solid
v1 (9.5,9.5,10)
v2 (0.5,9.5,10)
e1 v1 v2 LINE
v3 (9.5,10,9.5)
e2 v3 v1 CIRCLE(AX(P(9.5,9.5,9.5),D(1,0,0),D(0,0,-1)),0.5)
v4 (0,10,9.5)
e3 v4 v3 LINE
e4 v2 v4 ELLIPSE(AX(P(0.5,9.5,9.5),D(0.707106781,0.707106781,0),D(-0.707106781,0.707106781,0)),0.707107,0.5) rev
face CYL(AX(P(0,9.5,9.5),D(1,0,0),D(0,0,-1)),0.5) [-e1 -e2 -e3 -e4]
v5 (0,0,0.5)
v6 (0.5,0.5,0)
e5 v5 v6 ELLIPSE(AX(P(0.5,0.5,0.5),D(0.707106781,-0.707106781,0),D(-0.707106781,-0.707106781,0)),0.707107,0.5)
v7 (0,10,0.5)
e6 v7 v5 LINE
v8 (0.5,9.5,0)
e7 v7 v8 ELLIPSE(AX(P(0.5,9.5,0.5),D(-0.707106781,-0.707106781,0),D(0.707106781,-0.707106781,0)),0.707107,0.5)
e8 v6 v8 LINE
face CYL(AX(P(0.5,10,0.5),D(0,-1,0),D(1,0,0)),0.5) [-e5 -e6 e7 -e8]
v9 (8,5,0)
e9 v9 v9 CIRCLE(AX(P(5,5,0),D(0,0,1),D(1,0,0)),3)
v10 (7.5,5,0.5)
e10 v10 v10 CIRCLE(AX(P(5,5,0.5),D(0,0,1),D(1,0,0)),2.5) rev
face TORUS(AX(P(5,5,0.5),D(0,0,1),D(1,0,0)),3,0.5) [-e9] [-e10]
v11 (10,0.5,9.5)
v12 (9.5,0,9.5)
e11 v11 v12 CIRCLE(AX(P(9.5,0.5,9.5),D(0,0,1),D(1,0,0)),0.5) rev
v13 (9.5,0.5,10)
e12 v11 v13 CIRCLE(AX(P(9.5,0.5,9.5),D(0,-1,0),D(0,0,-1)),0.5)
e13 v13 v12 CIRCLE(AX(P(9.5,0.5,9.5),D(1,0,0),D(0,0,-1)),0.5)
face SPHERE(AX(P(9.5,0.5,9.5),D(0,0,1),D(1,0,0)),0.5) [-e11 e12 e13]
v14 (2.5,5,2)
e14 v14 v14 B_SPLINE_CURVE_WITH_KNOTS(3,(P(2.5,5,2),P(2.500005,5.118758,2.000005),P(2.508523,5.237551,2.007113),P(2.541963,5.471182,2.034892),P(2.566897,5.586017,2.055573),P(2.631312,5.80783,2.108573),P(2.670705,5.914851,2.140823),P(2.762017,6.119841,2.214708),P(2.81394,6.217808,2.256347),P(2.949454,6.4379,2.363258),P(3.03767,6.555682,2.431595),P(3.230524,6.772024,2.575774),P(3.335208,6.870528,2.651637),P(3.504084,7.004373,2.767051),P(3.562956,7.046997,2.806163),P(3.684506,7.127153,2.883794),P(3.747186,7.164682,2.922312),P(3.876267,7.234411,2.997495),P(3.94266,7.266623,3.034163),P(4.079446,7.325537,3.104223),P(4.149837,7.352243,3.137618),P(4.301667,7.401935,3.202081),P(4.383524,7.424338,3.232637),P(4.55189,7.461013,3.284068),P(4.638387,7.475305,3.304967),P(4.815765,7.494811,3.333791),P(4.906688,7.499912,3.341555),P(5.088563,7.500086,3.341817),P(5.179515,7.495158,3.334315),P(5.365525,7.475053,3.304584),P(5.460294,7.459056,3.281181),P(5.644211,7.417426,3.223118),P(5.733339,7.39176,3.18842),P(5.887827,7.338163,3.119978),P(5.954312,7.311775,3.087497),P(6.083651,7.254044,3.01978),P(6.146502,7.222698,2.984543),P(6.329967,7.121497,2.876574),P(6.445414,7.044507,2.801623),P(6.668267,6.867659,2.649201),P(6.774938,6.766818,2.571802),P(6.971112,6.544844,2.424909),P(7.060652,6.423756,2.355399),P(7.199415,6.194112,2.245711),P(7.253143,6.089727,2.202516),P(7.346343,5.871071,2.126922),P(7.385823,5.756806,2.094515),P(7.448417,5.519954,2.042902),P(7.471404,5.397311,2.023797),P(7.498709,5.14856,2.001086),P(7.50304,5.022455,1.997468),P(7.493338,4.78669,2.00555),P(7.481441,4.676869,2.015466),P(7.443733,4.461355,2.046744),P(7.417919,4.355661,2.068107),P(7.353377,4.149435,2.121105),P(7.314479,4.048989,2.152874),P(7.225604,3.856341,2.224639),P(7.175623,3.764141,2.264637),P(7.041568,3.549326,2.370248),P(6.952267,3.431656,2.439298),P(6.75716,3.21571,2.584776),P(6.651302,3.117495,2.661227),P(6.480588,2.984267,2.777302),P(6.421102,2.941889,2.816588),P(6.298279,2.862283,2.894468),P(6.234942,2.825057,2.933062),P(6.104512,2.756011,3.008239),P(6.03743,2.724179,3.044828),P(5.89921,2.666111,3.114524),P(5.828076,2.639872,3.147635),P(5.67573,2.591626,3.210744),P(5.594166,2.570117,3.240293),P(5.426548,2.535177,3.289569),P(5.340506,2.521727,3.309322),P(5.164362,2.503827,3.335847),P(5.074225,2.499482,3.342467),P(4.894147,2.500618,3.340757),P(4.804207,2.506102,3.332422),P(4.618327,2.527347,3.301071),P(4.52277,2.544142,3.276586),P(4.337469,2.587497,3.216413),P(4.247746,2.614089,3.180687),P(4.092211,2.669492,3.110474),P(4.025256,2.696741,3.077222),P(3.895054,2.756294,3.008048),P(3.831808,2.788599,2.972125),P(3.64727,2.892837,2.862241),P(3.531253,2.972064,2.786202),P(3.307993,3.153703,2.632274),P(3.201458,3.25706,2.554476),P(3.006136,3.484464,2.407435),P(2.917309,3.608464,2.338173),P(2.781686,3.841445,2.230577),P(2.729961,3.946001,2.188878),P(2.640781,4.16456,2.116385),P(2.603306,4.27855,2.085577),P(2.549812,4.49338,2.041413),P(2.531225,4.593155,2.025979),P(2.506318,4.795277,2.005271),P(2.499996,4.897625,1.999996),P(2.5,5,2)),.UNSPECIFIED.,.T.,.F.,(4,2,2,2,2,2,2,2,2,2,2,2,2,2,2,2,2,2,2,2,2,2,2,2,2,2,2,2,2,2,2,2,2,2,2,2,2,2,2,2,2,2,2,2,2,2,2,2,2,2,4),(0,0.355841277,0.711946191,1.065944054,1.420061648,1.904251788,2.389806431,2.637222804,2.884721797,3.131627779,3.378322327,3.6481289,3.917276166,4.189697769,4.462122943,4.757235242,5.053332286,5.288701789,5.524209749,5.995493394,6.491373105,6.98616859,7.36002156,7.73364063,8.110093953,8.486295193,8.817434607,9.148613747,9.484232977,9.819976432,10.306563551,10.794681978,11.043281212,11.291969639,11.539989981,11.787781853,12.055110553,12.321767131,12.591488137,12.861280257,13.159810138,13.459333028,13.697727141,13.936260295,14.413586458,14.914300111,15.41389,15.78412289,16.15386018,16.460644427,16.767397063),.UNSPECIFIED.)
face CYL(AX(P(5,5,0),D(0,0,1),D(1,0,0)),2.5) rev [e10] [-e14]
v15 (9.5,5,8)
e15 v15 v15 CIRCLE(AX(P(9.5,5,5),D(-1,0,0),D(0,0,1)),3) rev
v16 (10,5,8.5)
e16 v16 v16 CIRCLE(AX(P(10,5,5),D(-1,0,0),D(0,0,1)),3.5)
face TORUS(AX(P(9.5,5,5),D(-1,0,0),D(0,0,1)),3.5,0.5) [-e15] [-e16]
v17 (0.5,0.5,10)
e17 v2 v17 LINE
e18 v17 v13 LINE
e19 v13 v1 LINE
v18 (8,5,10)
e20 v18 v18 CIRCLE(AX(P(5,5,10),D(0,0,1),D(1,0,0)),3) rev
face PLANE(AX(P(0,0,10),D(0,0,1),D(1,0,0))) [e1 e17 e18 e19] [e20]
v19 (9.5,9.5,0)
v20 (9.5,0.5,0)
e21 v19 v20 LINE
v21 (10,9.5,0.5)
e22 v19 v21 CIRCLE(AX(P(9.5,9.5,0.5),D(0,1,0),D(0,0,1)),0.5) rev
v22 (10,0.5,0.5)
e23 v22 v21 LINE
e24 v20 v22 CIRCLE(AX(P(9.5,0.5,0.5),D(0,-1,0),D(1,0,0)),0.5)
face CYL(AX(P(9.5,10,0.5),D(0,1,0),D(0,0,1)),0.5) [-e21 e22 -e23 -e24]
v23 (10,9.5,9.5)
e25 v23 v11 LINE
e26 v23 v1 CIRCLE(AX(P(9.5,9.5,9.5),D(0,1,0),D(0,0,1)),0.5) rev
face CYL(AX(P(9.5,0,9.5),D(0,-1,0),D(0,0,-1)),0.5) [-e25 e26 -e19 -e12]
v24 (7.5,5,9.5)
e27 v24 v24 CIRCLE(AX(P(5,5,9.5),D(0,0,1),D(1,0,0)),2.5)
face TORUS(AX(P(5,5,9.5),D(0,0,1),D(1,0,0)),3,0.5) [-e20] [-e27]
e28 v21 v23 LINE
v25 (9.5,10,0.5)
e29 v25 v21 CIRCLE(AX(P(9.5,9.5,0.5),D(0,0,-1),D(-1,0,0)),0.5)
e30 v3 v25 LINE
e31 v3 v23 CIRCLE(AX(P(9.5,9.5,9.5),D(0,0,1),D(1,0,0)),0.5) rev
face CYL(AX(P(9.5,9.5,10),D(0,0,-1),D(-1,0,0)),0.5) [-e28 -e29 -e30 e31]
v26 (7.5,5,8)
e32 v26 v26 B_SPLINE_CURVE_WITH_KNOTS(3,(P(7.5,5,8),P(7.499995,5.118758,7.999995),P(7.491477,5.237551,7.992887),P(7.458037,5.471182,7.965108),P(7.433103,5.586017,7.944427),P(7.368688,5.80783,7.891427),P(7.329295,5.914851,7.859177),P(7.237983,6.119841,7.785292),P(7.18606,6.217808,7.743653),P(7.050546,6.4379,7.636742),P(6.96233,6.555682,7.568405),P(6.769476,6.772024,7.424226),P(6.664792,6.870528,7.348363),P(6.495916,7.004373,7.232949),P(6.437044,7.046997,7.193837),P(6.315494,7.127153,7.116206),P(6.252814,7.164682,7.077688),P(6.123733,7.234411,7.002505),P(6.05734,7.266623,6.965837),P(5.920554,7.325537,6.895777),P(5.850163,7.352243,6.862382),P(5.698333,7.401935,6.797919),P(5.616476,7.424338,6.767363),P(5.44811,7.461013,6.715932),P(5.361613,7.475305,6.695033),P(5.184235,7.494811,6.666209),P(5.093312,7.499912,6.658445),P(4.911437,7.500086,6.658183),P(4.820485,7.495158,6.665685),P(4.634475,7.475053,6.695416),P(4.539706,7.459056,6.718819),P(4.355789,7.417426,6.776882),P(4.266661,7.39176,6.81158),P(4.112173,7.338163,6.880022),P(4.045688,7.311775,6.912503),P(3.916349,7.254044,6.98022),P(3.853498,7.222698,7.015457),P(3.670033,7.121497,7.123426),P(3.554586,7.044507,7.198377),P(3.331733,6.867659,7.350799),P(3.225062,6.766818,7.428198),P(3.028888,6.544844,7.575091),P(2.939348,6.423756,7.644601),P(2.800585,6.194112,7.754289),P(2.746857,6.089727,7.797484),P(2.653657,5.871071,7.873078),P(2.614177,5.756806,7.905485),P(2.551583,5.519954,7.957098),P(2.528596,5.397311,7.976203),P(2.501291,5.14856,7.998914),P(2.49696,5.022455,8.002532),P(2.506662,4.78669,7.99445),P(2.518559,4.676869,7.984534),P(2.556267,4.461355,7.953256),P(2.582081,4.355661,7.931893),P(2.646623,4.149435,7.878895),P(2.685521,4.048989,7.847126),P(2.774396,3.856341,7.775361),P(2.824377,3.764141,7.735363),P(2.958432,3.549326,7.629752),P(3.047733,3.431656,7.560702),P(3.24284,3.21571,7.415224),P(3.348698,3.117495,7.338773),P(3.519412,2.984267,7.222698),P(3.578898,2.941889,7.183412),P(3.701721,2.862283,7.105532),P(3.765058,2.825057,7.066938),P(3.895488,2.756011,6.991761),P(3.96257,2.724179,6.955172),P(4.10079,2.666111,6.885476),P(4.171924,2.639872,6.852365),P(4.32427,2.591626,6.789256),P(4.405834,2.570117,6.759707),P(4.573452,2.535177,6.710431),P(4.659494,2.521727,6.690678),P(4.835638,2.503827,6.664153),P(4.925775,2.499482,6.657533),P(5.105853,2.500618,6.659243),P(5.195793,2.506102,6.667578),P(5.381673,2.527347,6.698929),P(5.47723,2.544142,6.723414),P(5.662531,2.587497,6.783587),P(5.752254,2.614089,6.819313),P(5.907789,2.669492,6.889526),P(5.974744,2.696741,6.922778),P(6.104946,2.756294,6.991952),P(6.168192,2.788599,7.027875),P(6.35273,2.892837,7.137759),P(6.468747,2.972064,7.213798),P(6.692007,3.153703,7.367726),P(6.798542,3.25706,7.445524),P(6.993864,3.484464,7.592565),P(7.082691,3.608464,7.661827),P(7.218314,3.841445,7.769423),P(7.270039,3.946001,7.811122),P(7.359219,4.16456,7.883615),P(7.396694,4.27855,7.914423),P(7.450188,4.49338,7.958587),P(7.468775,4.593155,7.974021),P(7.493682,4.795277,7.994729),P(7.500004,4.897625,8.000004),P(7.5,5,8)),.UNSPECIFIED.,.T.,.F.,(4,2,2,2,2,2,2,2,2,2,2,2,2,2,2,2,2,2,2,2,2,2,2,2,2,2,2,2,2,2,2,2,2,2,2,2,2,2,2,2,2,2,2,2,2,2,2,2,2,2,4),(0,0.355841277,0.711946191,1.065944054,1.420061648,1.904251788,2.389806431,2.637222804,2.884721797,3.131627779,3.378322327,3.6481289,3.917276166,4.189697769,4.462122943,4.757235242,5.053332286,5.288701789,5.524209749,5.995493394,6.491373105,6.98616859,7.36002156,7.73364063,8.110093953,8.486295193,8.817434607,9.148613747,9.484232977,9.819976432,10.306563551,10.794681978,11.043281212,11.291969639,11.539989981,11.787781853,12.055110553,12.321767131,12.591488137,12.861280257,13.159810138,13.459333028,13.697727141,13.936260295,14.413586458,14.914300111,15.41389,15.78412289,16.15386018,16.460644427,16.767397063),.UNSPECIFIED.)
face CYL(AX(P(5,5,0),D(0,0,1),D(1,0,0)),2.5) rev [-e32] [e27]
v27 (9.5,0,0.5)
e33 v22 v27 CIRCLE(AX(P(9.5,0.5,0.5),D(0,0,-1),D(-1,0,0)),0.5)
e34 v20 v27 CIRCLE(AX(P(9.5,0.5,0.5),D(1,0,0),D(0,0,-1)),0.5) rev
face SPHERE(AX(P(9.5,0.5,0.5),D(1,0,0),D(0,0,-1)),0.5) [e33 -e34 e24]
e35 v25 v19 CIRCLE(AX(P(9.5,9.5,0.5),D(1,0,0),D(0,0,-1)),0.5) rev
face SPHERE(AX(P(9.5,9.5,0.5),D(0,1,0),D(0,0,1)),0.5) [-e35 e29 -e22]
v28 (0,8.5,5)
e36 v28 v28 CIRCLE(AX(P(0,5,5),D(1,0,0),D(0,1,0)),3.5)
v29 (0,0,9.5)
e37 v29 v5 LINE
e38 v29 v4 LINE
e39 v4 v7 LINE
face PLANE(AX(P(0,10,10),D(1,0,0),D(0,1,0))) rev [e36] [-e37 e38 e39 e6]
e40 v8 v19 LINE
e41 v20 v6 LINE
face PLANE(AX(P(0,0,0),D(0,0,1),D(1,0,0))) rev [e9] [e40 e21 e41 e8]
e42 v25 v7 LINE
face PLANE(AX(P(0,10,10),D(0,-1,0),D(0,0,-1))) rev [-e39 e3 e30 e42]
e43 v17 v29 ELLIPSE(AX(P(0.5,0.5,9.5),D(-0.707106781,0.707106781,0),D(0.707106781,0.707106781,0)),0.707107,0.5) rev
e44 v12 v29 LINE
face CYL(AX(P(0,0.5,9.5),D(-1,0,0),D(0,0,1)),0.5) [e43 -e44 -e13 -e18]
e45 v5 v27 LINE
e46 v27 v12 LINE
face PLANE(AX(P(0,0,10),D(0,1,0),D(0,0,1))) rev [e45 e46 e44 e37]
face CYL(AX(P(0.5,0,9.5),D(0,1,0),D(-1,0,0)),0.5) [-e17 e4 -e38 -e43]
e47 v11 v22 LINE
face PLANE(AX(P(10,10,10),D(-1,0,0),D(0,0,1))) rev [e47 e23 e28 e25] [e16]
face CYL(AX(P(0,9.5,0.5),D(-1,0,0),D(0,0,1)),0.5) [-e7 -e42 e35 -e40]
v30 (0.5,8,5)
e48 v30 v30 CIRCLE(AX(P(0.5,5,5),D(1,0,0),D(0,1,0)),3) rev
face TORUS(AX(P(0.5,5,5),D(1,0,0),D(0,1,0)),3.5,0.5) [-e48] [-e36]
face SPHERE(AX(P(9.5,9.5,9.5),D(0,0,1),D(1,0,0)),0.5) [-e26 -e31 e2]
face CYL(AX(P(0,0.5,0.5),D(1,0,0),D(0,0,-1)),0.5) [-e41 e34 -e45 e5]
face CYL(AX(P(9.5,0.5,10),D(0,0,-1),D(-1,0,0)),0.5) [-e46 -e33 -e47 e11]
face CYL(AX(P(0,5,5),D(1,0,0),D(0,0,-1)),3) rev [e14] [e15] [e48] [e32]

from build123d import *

# Parameters (mm, degrees)
SKETCH_1_W          = 10
SKETCH_1_H          = 10
EXTRUDE_1_DEPTH     = 10
SKETCH_4_R          = 3
CUT_EXTRUDE_2_DEPTH = 11
SKETCH_5_R          = 2.5
CUT_EXTRUDE_3_DEPTH = 11
FILLET_1_R          = 0.5


with BuildPart() as part:
    # 草图1 → 凸台-拉伸1 (new body)
    with BuildSketch(Plane.XY):
        with Locations((5, 5)):
            Rectangle(SKETCH_1_W, SKETCH_1_H)
    extrude(amount=EXTRUDE_1_DEPTH)

    # 草图4 → 切除-拉伸2 (cut, through all)
    with BuildSketch(Plane(origin=(10, 0, 0), x_dir=(0, 0, -1), z_dir=(1, 0, 0))):
        with Locations((-5, 5)):
            Circle(SKETCH_4_R)
    extrude(amount=-CUT_EXTRUDE_2_DEPTH, mode=Mode.SUBTRACT)

    # 草图5 → 切除-拉伸3 (cut, through all)
    with BuildSketch(Plane.XY.offset(10)):
        with Locations((5, 5)):
            Circle(SKETCH_5_R)
    extrude(amount=-CUT_EXTRUDE_3_DEPTH, mode=Mode.SUBTRACT)

    # 圆角1
    fillet_1_edges = [part.edges().sort_by_distance(p)[0] for p in [
        (10, 5, 10),
        (0, 5, 8),
        (10, 5, 8),
        (5, 10, 10),
        (2.5, 5, 0),
        (2.5, 5, 10),
        (0, 5, 10),
        (5, 10, 0),
        (10, 5, 0),
        (5, 0, 0),
        (0, 5, 0),
        (10, 10, 5),
        (10, 0, 5),
        (5, 0, 10),
    ]]
    fillet(fillet_1_edges, radius=FILLET_1_R)


solid = part.part
